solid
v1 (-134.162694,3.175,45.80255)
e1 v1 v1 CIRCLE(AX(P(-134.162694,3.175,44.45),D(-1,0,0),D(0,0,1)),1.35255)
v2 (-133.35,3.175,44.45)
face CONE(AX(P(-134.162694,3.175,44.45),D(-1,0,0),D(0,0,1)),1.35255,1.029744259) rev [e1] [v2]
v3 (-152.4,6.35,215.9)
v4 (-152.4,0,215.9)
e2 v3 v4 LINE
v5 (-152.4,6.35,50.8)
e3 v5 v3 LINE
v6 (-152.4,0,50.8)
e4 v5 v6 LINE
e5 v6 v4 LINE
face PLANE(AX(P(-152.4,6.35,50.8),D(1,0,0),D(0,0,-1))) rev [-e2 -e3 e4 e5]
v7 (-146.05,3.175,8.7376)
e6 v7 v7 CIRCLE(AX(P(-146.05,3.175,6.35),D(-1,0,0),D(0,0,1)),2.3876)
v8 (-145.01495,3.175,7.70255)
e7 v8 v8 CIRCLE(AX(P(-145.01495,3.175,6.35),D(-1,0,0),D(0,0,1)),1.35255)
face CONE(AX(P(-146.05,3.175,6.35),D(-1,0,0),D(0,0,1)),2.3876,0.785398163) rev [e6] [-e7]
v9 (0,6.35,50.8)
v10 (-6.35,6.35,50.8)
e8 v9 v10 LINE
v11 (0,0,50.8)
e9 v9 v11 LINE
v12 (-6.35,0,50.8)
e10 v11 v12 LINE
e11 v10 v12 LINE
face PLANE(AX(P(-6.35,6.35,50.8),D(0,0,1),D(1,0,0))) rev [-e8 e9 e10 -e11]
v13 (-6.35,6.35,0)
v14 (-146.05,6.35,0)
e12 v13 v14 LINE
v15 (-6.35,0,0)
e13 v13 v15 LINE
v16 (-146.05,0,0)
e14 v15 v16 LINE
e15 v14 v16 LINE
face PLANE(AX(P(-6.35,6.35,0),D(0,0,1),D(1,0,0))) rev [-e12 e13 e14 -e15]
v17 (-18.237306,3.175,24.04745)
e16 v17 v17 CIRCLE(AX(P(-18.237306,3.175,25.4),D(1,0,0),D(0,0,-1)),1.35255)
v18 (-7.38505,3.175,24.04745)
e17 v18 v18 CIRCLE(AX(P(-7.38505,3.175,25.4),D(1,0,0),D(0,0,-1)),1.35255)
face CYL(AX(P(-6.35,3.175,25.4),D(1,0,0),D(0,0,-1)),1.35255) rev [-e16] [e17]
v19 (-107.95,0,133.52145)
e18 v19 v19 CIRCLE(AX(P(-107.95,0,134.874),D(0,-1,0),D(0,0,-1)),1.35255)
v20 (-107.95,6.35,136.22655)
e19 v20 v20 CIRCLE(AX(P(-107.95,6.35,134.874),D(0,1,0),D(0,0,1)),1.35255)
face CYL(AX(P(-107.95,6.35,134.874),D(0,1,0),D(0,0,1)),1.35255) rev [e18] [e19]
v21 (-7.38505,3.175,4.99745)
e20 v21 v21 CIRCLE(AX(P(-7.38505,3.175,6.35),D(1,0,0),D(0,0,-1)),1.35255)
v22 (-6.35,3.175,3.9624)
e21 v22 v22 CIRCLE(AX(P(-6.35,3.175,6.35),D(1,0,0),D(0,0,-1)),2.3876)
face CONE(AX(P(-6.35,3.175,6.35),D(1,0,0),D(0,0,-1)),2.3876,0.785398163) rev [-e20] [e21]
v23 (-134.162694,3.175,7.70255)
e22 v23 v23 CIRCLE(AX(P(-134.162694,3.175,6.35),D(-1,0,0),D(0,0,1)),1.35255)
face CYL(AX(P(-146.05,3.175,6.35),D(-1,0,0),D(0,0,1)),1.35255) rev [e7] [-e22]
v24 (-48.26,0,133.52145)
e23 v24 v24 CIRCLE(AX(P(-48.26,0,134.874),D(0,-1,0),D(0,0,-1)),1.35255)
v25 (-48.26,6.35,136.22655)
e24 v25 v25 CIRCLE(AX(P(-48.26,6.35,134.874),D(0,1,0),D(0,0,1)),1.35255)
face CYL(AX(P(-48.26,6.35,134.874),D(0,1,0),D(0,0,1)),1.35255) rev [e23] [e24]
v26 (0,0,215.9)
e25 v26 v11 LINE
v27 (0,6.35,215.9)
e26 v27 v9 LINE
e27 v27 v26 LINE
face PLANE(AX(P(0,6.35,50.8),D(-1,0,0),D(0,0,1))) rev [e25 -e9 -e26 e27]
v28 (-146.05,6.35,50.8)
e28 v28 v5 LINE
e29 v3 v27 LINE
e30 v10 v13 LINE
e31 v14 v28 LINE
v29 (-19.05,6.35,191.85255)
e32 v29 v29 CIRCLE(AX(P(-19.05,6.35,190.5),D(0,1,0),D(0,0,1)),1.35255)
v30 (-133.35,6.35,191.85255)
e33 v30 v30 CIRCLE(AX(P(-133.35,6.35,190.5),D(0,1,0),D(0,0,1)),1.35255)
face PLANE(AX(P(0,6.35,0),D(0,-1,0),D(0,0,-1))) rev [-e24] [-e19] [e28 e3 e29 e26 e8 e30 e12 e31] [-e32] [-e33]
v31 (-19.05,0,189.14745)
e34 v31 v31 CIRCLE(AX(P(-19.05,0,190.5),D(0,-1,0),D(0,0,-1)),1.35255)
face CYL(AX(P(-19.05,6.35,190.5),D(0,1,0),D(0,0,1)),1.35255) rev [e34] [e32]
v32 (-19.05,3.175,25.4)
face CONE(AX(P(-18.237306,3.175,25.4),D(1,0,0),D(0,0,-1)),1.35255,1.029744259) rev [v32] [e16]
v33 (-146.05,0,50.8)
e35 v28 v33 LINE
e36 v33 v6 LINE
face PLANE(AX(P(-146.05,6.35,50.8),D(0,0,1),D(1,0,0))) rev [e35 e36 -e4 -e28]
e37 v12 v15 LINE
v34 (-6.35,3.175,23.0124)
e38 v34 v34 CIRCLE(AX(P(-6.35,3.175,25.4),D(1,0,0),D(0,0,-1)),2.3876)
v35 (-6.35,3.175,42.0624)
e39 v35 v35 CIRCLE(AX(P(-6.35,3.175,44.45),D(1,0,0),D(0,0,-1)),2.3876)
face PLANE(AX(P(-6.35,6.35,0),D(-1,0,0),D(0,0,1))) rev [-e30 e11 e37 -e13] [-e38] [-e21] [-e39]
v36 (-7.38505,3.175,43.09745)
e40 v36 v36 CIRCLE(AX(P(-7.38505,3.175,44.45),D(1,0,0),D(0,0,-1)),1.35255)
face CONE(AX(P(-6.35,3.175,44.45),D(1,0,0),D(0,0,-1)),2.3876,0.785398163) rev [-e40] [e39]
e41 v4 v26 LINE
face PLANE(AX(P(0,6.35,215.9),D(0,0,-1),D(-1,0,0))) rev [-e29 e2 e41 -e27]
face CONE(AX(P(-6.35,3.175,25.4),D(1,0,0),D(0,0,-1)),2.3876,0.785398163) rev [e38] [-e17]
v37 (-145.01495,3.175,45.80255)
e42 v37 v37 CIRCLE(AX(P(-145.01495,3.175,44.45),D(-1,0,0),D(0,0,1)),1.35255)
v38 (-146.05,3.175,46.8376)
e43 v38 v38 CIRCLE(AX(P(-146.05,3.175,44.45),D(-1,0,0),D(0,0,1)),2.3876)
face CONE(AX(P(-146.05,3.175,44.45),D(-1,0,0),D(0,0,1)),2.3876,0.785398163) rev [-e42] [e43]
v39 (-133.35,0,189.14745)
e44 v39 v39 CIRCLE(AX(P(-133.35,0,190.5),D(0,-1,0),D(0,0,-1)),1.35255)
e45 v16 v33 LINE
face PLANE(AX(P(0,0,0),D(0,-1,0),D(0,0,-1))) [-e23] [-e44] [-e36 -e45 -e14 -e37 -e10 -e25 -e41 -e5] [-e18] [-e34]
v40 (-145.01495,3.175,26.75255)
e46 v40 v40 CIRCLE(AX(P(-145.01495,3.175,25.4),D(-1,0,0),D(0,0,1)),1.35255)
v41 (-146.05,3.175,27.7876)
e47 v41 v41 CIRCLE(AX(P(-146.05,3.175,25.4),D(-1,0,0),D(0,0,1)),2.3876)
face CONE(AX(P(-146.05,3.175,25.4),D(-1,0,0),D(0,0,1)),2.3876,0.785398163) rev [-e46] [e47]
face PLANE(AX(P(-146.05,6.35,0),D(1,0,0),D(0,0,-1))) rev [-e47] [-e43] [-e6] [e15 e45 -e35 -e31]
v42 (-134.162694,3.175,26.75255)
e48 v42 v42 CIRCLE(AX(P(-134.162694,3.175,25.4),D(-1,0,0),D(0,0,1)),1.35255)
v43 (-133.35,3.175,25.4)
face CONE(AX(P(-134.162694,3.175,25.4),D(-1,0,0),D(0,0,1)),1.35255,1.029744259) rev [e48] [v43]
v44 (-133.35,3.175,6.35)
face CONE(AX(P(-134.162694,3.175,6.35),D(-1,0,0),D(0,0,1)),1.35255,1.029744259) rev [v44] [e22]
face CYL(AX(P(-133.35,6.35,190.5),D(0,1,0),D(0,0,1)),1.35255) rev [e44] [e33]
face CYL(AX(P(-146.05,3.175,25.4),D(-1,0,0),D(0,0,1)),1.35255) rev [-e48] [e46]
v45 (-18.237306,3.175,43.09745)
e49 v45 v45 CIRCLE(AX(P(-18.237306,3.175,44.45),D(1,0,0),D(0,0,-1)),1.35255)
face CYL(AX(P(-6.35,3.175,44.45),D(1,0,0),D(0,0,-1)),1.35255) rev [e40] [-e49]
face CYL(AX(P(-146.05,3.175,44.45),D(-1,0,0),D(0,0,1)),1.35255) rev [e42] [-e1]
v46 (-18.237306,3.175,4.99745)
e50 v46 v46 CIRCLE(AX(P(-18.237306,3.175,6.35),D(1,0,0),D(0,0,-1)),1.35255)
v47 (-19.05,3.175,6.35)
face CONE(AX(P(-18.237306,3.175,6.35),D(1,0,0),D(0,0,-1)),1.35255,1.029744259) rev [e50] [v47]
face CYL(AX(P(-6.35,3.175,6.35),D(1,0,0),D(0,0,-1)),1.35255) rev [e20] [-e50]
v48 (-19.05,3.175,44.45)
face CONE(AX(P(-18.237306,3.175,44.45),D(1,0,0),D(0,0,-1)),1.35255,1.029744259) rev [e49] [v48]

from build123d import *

# Parameters (mm, degrees)
BOSS_EXTRUDE1_DEPTH             = 6.35
F_6_32_TAPPED_HOLE1_D           = 2.7051
F_6_32_TAPPED_HOLE1_DEPTH       = 11.88730597
F_6_32_TAPPED_HOLE1_CSINK_D     = 4.7752
F_6_32_TAPPED_HOLE1_CSINK_ANGLE = 90
F_6_32_TAPPED_HOLE1_TIP         = 0.81269403
F_6_32_TAPPED_HOLE2_D           = 2.7051
F_6_32_TAPPED_HOLE2_DEPTH       = 11.88730597
F_6_32_TAPPED_HOLE2_CSINK_D     = 4.7752
F_6_32_TAPPED_HOLE2_CSINK_ANGLE = 90
F_6_32_TAPPED_HOLE2_TIP         = 0.81269403
F_6_32_TAPPED_HOLE3_D           = 2.7051
F_6_32_TAPPED_HOLE4_D           = 2.7051


with BuildPart() as part:
    # Sketch1 → Boss-Extrude1 (new body)
    with BuildSketch(Plane(origin=(0, 0, 0), x_dir=(1, 0, 0), z_dir=(0, 1, 0))):
        Polygon((-6.35, 0), (-6.35, -50.8), (0, -50.8), (0, -215.9), (-152.4, -215.9), (-152.4, -50.8), (-146.05, -50.8), (-146.05, 0), align=None)
    extrude(amount=BOSS_EXTRUDE1_DEPTH)

    # #6-32 Tapped Hole1
    with Locations(Plane(origin=(-6.35, 0, 0), x_dir=(0, 0, -1), z_dir=(1, 0, 0))):
        with Locations((-44.45, 3.175), (-25.4, 3.175), (-6.35, 3.175)):
            CounterSinkHole(F_6_32_TAPPED_HOLE1_D / 2, F_6_32_TAPPED_HOLE1_CSINK_D / 2, depth=F_6_32_TAPPED_HOLE1_DEPTH, counter_sink_angle=F_6_32_TAPPED_HOLE1_CSINK_ANGLE)
            with Locations((0, 0, -(F_6_32_TAPPED_HOLE1_DEPTH + F_6_32_TAPPED_HOLE1_TIP / 2))):  # 118° drill point
                Cone(0, F_6_32_TAPPED_HOLE1_D / 2, F_6_32_TAPPED_HOLE1_TIP, mode=Mode.SUBTRACT)

    # #6-32 Tapped Hole2
    with Locations(Plane.ZY.offset(146.05)):
        with Locations((6.35, 3.175), (25.4, 3.175), (44.45, 3.175)):
            CounterSinkHole(F_6_32_TAPPED_HOLE2_D / 2, F_6_32_TAPPED_HOLE2_CSINK_D / 2, depth=F_6_32_TAPPED_HOLE2_DEPTH, counter_sink_angle=F_6_32_TAPPED_HOLE2_CSINK_ANGLE)
            with Locations((0, 0, -(F_6_32_TAPPED_HOLE2_DEPTH + F_6_32_TAPPED_HOLE2_TIP / 2))):  # 118° drill point
                Cone(0, F_6_32_TAPPED_HOLE2_D / 2, F_6_32_TAPPED_HOLE2_TIP, mode=Mode.SUBTRACT)

    # #6-32 Tapped Hole3 (through all)
    with Locations(Plane(origin=(0, 6.35, 0), x_dir=(1, 0, 0), z_dir=(0, 1, 0))):
        with Locations((-133.35, -190.5), (-19.05, -190.5)):
            Hole(F_6_32_TAPPED_HOLE3_D / 2)

    # #6-32 Tapped Hole4 (through all)
    with Locations(Plane(origin=(0, 6.35, 0), x_dir=(1, 0, 0), z_dir=(0, 1, 0))):
        with Locations((-107.95, -134.874), (-48.26, -134.874)):
            Hole(F_6_32_TAPPED_HOLE4_D / 2)


solid = part.part
